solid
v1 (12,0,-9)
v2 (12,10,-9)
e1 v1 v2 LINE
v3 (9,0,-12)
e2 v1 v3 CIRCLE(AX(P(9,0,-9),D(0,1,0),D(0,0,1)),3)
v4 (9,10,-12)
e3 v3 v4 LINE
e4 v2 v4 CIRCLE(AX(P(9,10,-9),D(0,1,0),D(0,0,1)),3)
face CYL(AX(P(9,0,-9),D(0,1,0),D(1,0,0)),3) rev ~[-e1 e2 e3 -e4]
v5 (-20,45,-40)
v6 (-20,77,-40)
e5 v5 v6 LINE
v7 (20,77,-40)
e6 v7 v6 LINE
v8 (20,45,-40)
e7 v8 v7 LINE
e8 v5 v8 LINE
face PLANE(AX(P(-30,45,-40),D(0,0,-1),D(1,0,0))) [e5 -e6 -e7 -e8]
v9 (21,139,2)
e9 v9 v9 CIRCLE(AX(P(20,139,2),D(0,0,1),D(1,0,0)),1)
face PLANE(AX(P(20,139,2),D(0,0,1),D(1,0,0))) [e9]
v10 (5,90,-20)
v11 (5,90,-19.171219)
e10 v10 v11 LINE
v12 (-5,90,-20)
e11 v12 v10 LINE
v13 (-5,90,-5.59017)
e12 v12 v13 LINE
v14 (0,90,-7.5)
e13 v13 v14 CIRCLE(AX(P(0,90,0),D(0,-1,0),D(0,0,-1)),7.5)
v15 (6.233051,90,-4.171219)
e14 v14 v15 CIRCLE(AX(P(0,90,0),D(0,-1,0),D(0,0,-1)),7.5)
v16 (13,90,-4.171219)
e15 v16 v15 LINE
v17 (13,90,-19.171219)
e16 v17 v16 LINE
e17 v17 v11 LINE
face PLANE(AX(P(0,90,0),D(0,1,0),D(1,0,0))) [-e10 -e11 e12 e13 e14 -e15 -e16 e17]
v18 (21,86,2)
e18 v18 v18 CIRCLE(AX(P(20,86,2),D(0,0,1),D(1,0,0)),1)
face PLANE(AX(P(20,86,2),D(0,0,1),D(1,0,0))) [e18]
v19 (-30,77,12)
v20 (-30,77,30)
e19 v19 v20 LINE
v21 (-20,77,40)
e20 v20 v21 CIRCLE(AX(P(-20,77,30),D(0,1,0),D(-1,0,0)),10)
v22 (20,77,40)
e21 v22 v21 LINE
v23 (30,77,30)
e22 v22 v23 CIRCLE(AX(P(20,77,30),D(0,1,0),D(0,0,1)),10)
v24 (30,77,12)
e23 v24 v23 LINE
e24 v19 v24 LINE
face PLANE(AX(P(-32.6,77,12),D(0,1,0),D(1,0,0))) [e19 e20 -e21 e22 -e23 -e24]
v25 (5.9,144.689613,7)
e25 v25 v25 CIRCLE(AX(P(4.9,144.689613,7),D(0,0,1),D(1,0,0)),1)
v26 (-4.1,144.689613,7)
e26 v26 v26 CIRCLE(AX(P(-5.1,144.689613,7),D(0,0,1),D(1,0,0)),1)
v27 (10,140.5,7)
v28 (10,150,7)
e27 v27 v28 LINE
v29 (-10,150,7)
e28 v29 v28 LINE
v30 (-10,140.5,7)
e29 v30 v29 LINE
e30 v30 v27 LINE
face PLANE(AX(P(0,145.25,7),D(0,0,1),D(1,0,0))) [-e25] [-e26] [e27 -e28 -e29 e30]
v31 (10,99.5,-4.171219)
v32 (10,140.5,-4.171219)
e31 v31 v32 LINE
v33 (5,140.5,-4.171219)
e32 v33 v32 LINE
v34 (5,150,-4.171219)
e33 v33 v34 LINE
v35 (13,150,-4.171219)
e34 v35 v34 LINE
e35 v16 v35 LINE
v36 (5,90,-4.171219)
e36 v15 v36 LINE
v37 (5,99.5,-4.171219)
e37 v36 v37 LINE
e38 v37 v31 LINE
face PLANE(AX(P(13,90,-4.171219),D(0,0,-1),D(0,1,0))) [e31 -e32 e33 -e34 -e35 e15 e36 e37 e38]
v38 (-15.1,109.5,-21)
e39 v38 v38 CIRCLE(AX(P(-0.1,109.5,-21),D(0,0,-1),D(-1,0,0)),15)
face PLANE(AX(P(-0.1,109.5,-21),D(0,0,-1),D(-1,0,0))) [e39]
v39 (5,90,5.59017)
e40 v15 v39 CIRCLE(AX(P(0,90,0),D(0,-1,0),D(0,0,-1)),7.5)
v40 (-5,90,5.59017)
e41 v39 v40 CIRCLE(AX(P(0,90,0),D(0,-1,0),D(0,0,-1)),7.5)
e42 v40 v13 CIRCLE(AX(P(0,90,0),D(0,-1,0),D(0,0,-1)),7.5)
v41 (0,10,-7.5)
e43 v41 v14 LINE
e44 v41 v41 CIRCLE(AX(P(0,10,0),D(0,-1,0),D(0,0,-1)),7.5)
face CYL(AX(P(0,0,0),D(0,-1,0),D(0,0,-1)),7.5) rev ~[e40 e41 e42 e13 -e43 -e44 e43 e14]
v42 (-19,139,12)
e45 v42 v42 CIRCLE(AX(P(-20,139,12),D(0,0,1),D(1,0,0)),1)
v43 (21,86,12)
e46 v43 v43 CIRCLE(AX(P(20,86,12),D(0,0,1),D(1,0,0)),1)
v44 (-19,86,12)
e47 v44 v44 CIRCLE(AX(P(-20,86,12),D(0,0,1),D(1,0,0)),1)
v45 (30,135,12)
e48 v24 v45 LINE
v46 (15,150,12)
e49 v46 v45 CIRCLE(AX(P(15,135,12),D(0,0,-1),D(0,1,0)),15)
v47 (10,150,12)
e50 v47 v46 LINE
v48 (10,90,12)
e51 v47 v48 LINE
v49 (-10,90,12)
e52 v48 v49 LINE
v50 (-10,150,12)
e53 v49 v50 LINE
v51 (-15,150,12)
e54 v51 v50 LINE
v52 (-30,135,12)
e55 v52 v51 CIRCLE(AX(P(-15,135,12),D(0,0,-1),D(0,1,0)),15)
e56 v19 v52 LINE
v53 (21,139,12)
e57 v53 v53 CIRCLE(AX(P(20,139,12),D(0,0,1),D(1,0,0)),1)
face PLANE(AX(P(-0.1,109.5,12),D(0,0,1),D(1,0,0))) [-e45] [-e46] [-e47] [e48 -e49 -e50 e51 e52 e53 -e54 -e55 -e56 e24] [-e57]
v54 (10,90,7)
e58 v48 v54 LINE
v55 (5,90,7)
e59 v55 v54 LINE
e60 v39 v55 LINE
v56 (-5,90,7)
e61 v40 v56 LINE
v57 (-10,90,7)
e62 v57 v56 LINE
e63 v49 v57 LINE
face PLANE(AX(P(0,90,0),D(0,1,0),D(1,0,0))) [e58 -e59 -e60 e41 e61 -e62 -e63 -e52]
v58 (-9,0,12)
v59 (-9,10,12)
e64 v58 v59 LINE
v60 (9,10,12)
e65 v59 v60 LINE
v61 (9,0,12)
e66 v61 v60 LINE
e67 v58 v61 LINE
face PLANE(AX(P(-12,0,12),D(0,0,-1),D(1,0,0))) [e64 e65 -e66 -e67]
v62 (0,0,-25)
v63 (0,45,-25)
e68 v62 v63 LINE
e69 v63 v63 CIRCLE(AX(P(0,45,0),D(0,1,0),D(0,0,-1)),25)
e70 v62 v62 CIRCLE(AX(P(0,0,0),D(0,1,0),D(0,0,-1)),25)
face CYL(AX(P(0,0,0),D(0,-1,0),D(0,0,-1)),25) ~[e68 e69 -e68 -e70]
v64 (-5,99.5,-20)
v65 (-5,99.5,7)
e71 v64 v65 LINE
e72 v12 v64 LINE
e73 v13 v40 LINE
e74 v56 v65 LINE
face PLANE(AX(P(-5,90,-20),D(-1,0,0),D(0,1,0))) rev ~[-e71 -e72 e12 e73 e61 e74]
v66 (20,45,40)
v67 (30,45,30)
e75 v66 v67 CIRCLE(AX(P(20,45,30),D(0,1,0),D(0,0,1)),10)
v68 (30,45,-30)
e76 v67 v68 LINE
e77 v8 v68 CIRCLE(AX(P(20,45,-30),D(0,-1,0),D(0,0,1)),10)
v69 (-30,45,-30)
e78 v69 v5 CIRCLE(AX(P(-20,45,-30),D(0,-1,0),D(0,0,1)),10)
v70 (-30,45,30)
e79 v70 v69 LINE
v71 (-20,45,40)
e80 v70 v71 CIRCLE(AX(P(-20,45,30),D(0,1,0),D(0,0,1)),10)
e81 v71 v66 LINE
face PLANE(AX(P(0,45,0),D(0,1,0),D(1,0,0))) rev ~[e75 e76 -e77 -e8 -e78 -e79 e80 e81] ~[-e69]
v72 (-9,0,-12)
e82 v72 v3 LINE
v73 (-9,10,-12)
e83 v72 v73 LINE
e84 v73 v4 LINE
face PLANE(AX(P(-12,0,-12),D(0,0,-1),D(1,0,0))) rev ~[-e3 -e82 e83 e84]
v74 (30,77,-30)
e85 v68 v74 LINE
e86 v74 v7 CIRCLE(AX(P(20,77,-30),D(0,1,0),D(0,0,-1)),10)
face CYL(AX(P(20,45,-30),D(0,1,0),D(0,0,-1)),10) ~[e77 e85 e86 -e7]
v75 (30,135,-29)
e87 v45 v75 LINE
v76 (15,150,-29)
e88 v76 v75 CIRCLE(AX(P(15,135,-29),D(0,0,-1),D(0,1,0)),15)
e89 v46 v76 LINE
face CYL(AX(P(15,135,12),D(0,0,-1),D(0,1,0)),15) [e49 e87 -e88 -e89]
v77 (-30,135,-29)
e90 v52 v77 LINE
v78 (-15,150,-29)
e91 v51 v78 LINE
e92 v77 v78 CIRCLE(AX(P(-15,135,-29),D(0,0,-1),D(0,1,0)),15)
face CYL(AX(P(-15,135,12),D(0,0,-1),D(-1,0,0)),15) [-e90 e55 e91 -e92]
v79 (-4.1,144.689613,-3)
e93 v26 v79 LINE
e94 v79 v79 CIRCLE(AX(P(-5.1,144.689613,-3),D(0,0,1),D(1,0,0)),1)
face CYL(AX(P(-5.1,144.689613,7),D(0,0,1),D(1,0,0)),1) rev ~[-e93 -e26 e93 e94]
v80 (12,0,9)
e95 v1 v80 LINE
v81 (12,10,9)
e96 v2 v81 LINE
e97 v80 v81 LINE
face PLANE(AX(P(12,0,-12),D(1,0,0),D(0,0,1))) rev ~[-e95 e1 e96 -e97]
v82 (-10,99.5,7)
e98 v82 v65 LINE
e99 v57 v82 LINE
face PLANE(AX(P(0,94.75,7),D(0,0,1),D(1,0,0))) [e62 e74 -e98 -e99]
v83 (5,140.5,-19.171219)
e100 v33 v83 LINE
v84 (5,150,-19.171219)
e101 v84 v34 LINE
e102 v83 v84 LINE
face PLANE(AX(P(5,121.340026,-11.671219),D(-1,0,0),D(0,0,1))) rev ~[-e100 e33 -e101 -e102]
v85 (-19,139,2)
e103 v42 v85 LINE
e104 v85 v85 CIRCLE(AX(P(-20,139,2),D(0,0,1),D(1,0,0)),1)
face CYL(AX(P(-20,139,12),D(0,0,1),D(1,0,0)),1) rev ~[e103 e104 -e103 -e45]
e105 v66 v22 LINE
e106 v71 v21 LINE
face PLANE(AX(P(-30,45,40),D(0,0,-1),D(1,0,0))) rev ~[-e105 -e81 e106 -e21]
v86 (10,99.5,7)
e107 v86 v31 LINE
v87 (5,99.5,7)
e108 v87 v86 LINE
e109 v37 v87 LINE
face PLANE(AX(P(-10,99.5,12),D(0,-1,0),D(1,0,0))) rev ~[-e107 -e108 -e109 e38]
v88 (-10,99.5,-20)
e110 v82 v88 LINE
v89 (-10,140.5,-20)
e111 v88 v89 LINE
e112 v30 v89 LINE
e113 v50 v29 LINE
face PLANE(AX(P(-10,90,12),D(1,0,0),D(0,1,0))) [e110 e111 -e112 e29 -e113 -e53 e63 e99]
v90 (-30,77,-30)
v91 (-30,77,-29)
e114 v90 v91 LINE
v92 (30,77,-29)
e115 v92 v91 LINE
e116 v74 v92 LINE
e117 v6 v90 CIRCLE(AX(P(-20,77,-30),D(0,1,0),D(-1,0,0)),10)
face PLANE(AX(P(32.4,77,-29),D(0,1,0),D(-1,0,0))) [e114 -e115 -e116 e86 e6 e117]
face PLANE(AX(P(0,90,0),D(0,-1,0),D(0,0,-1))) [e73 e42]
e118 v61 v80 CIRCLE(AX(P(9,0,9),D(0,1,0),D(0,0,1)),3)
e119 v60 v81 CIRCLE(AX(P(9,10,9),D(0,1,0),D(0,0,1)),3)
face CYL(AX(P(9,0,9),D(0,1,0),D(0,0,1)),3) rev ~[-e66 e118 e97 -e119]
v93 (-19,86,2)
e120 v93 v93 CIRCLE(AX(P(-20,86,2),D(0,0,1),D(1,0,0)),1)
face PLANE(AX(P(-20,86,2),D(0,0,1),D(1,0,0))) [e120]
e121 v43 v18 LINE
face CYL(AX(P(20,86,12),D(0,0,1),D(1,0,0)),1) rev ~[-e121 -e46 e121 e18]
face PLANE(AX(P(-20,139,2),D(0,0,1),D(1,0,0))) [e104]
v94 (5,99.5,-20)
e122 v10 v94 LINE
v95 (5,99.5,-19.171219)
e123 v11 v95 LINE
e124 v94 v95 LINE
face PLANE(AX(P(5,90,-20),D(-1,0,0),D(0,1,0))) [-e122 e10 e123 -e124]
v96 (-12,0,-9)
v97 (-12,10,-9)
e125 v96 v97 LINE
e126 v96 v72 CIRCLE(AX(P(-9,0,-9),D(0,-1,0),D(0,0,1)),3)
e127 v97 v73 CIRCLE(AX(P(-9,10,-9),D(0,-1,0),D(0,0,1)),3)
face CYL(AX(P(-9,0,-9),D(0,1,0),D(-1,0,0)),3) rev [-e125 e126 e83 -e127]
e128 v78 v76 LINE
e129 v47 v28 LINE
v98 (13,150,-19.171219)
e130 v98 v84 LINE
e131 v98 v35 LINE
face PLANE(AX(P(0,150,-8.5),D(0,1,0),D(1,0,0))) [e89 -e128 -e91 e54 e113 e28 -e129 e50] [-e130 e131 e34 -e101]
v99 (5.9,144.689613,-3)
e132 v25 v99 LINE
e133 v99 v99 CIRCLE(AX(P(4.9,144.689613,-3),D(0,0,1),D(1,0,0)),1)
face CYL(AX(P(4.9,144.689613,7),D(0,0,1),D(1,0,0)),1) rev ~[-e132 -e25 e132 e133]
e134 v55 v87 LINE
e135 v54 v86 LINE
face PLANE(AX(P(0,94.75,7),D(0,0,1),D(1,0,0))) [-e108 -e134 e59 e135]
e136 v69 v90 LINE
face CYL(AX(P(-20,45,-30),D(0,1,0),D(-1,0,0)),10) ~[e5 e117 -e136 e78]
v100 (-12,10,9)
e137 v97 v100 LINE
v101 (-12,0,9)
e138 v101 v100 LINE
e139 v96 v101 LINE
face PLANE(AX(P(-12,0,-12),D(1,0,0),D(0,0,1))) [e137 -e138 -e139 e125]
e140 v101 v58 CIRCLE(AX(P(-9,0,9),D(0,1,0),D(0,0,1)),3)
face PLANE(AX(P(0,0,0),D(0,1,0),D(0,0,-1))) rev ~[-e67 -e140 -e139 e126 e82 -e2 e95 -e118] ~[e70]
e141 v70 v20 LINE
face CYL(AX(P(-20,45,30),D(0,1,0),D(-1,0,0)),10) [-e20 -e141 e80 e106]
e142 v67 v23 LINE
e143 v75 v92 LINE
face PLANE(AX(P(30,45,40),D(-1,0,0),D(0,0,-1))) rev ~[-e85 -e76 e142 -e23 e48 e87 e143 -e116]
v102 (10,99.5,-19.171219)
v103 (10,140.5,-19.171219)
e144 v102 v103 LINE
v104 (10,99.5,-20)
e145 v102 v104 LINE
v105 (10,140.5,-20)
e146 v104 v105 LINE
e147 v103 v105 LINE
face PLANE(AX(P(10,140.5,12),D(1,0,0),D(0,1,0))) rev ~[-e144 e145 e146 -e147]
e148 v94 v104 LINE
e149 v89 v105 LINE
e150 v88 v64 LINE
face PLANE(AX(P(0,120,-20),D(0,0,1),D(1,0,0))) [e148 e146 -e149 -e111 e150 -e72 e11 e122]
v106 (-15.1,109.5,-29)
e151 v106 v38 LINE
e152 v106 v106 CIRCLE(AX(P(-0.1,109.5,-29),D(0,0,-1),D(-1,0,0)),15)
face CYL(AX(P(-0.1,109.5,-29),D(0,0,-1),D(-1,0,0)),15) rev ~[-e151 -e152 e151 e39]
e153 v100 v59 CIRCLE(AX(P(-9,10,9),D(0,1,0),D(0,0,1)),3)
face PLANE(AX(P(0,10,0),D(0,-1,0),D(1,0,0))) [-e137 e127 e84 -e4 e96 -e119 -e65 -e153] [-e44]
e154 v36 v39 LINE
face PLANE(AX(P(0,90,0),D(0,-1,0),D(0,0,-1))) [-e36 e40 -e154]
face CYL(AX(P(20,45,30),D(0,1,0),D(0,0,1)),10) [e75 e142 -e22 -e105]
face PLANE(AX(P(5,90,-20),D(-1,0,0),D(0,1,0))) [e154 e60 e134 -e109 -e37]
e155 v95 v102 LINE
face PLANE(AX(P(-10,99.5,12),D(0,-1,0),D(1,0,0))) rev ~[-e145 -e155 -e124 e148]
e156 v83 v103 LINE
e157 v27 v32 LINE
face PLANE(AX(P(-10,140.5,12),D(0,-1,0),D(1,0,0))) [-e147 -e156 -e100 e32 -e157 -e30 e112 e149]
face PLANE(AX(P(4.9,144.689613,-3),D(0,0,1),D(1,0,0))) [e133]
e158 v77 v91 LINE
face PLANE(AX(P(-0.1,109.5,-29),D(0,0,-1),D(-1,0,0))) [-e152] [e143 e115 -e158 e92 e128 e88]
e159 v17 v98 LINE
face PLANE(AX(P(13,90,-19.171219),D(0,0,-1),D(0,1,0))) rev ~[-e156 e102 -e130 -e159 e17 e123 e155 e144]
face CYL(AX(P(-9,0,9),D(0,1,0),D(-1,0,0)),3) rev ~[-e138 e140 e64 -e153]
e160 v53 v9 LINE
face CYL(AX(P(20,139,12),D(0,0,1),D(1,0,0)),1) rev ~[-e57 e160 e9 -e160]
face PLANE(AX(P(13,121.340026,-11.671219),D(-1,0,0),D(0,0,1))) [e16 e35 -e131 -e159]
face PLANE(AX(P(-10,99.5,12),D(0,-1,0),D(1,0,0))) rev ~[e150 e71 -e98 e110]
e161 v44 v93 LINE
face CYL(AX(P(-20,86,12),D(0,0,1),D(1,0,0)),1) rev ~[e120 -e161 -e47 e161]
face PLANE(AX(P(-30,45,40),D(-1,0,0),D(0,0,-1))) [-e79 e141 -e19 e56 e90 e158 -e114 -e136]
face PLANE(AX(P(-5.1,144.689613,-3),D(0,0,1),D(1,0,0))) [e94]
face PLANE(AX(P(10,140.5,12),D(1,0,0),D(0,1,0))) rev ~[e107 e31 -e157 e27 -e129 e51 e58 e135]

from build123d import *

# Parameters (mm, degrees)
SKETCH1_R                = 25
BOSS_EXTRUDE1_DEPTH      = 45
SKETCH2_W                = 60
SKETCH2_H                = 80
BOSS_EXTRUDE2_DEPTH      = 45
FILLET1_R                = 10
SKETCH3_W                = 60
SKETCH3_H                = 41
BOSS_EXTRUDE3_DEPTH      = 60
SKETCH4_W                = 20
SKETCH4_H                = 41
CUT_EXTRUDE1_DEPTH       = 32
SKETCH5_W                = 20
SKETCH5_H                = 9.5
CUT_EXTRUDE2_DEPTH       = 5
SKETCH7_R                = 15
CUT_EXTRUDE3_DEPTH       = 8
CUT_EXTRUDE4_REACH       = 163.567
SKETCH8_R                = 21
FILLET2_R                = 15
CUT_EXTRUDE5_REACH       = 169.812
SKETCH9_W                = 65
SKETCH9_H                = 65
CUT_EXTRUDE6_REACH       = 163.567
SKETCH10_W               = 65
SKETCH10_H               = 65
SKETCH11_R               = 1
CUT_EXTRUDE7_DEPTH       = 10
SKETCH12_R               = 1
CUT_EXTRUDE8_DEPTH       = 10
CUT_EXTRUDE9_START       = -27
SKETCH13_W               = 10
SKETCH13_H               = 9.5
CUT_EXTRUDE9_DEPTH       = 27
CUT_EXTRUDE10_DEPTH      = 5
CUT_EXTRUDE10_DEPTH_BACK = 3
SKETCH14_W               = 15
SKETCH14_H               = 62.680052408
SKETCH15_R               = 7.5
CUT_EXTRUDE11_DEPTH      = 90
SKETCH16_W               = 24
SKETCH16_H               = 24
CUT_EXTRUDE12_DEPTH      = 10
FILLET3_R                = 3


with BuildPart() as part:
    # Sketch1 → Boss-Extrude1 (new body)
    with BuildSketch(Plane(origin=(0, 0, 0), x_dir=(1, 0, 0), z_dir=(0, 1, 0))):
        with Locations(Location((0, 0, 0), (0, 0, 90))):
            Circle(SKETCH1_R)
    extrude(amount=BOSS_EXTRUDE1_DEPTH)

    # Sketch2 → Boss-Extrude2 (add)
    with BuildSketch(Plane(origin=(0, 45, 0), x_dir=(1, 0, 0), z_dir=(0, 1, 0))):
        Rectangle(SKETCH2_W, SKETCH2_H)
    extrude(amount=BOSS_EXTRUDE2_DEPTH)

    # Fillet1
    fillet1_edges = [part.edges().sort_by_distance(p)[0] for p in [
        (-30, 67.5, -40),
        (-30, 67.5, 40),
        (30, 67.5, 40),
        (30, 67.5, -40),
    ]]
    fillet(fillet1_edges, radius=FILLET1_R)

    # Sketch3 → Boss-Extrude3 (add)
    with BuildSketch(Plane(origin=(0, 90, 0), x_dir=(1, 0, 0), z_dir=(0, 1, 0))):
        with Locations((0, 8.5)):
            Rectangle(SKETCH3_W, SKETCH3_H)
    extrude(amount=BOSS_EXTRUDE3_DEPTH)

    # Sketch4 → Cut-Extrude1 (cut)
    with BuildSketch(Plane.XY.offset(12)):
        with Locations((0, 120)):
            Rectangle(SKETCH4_W, SKETCH4_H)
    extrude(amount=-CUT_EXTRUDE1_DEPTH, mode=Mode.SUBTRACT)

    # Sketch5 → Cut-Extrude2 (cut)
    with BuildSketch(Plane.XY.offset(12)):
        with Locations((0, 94.75)):
            Rectangle(SKETCH5_W, SKETCH5_H)
        with Locations((0, 145.25)):
            Rectangle(SKETCH5_W, SKETCH5_H)
    extrude(amount=-CUT_EXTRUDE2_DEPTH, mode=Mode.SUBTRACT)

    # Sketch7 → Cut-Extrude3 (cut)
    with BuildSketch(Plane(origin=(0, 0, -29), x_dir=(-1, 0, 0), z_dir=(0, 0, -1))):
        with Locations((0.1, 109.5)):
            Circle(SKETCH7_R)
    extrude(amount=-CUT_EXTRUDE3_DEPTH, mode=Mode.SUBTRACT)

    # Sketch8 → Cut-Extrude4 (cut, up to next)
    with BuildSketch(Plane.XY.offset(12), mode=Mode.PRIVATE) as cut_extrude4_sk1:
        with Locations((-0.1, 109.5)):
            Circle(SKETCH8_R)
    cut_extrude4_tool1 = extrude(cut_extrude4_sk1.sketch, amount=CUT_EXTRUDE4_REACH, mode=Mode.PRIVATE) & part.part
    add(cut_extrude4_tool1.solids().sort_by_distance((-0.1, 109.5, 12))[0], mode=Mode.SUBTRACT)

    # Fillet2
    fillet2_edges = [part.edges().sort_by_distance(p)[0] for p in [
        (-30, 150, -8.5),
        (30, 150, -8.5),
    ]]
    fillet(fillet2_edges, radius=FILLET2_R)

    # Sketch9 → Cut-Extrude5 (cut, up to next)
    with BuildSketch(Plane(origin=(0, 0, -29), x_dir=(-1, 0, 0), z_dir=(0, 0, -1)), mode=Mode.PRIVATE) as cut_extrude5_sk1:
        with Locations((0.1, 109.5)):
            Rectangle(SKETCH9_W, SKETCH9_H)
    cut_extrude5_tool1 = extrude(cut_extrude5_sk1.sketch, amount=CUT_EXTRUDE5_REACH, mode=Mode.PRIVATE) & part.part
    add(cut_extrude5_tool1.solids().sort_by_distance((-0.1, 109.5, -29))[0], mode=Mode.SUBTRACT)

    # Sketch10 → Cut-Extrude6 (cut, up to next)
    with BuildSketch(Plane.XY.offset(12), mode=Mode.PRIVATE) as cut_extrude6_sk1:
        with Locations((-0.1, 109.5)):
            Rectangle(SKETCH10_W, SKETCH10_H)
    cut_extrude6_tool1 = extrude(cut_extrude6_sk1.sketch, amount=CUT_EXTRUDE6_REACH, mode=Mode.PRIVATE) & part.part
    add(cut_extrude6_tool1.solids().sort_by_distance((-0.1, 109.5, 12))[0], mode=Mode.SUBTRACT)

    # Sketch11 → Cut-Extrude7 (cut)
    with BuildSketch(Plane.XY.offset(12)):
        with Locations((-20, 86)):
            Circle(SKETCH11_R)
        with Locations((20, 86)):
            Circle(SKETCH11_R)
        with Locations((20, 139)):
            Circle(SKETCH11_R)
        with Locations((-20, 139)):
            Circle(SKETCH11_R)
    extrude(amount=-CUT_EXTRUDE7_DEPTH, mode=Mode.SUBTRACT)

    # Sketch12 → Cut-Extrude8 (cut)
    with BuildSketch(Plane.XY.offset(7)):
        with Locations((4.9, 144.689613301)):
            Circle(SKETCH12_R)
        with Locations((-5.1, 144.689613301)):
            Circle(SKETCH12_R)
    extrude(amount=-CUT_EXTRUDE8_DEPTH, mode=Mode.SUBTRACT)

    # Sketch13 → Cut-Extrude9 (cut)
    with BuildSketch(Plane.XY.offset(7).offset(CUT_EXTRUDE9_START)):
        with Locations((0, 94.75)):
            Rectangle(SKETCH13_W, SKETCH13_H)
    extrude(amount=CUT_EXTRUDE9_DEPTH, mode=Mode.SUBTRACT)

    # Sketch14 → Cut-Extrude10 (cut, two sides: drawn at the far end of the back side and taken through both)
    with BuildSketch(Plane.ZY.offset(-10).offset(-CUT_EXTRUDE10_DEPTH_BACK)):
        with Locations((-11.671219496, 121.340026204)):
            Rectangle(SKETCH14_W, SKETCH14_H)
    extrude(amount=CUT_EXTRUDE10_DEPTH + CUT_EXTRUDE10_DEPTH_BACK, mode=Mode.SUBTRACT)

    # Sketch15 → Cut-Extrude11 (cut)
    with BuildSketch(Plane.XZ):
        with Locations(Location((0, 0, 0), (0, 0, 270))):
            Circle(SKETCH15_R)
    extrude(amount=-CUT_EXTRUDE11_DEPTH, mode=Mode.SUBTRACT)

    # Sketch16 → Cut-Extrude12 (cut)
    with BuildSketch(Plane.XZ):
        Rectangle(SKETCH16_W, SKETCH16_H)
    extrude(amount=-CUT_EXTRUDE12_DEPTH, mode=Mode.SUBTRACT)

    # Fillet3
    fillet3_edges = [part.edges().sort_by_distance(p)[0] for p in [
        (-12, 5, -12),
        (-12, 5, 12),
        (12, 5, 12),
        (12, 5, -12),
    ]]
    fillet(fillet3_edges, radius=FILLET3_R)


solid = part.part
